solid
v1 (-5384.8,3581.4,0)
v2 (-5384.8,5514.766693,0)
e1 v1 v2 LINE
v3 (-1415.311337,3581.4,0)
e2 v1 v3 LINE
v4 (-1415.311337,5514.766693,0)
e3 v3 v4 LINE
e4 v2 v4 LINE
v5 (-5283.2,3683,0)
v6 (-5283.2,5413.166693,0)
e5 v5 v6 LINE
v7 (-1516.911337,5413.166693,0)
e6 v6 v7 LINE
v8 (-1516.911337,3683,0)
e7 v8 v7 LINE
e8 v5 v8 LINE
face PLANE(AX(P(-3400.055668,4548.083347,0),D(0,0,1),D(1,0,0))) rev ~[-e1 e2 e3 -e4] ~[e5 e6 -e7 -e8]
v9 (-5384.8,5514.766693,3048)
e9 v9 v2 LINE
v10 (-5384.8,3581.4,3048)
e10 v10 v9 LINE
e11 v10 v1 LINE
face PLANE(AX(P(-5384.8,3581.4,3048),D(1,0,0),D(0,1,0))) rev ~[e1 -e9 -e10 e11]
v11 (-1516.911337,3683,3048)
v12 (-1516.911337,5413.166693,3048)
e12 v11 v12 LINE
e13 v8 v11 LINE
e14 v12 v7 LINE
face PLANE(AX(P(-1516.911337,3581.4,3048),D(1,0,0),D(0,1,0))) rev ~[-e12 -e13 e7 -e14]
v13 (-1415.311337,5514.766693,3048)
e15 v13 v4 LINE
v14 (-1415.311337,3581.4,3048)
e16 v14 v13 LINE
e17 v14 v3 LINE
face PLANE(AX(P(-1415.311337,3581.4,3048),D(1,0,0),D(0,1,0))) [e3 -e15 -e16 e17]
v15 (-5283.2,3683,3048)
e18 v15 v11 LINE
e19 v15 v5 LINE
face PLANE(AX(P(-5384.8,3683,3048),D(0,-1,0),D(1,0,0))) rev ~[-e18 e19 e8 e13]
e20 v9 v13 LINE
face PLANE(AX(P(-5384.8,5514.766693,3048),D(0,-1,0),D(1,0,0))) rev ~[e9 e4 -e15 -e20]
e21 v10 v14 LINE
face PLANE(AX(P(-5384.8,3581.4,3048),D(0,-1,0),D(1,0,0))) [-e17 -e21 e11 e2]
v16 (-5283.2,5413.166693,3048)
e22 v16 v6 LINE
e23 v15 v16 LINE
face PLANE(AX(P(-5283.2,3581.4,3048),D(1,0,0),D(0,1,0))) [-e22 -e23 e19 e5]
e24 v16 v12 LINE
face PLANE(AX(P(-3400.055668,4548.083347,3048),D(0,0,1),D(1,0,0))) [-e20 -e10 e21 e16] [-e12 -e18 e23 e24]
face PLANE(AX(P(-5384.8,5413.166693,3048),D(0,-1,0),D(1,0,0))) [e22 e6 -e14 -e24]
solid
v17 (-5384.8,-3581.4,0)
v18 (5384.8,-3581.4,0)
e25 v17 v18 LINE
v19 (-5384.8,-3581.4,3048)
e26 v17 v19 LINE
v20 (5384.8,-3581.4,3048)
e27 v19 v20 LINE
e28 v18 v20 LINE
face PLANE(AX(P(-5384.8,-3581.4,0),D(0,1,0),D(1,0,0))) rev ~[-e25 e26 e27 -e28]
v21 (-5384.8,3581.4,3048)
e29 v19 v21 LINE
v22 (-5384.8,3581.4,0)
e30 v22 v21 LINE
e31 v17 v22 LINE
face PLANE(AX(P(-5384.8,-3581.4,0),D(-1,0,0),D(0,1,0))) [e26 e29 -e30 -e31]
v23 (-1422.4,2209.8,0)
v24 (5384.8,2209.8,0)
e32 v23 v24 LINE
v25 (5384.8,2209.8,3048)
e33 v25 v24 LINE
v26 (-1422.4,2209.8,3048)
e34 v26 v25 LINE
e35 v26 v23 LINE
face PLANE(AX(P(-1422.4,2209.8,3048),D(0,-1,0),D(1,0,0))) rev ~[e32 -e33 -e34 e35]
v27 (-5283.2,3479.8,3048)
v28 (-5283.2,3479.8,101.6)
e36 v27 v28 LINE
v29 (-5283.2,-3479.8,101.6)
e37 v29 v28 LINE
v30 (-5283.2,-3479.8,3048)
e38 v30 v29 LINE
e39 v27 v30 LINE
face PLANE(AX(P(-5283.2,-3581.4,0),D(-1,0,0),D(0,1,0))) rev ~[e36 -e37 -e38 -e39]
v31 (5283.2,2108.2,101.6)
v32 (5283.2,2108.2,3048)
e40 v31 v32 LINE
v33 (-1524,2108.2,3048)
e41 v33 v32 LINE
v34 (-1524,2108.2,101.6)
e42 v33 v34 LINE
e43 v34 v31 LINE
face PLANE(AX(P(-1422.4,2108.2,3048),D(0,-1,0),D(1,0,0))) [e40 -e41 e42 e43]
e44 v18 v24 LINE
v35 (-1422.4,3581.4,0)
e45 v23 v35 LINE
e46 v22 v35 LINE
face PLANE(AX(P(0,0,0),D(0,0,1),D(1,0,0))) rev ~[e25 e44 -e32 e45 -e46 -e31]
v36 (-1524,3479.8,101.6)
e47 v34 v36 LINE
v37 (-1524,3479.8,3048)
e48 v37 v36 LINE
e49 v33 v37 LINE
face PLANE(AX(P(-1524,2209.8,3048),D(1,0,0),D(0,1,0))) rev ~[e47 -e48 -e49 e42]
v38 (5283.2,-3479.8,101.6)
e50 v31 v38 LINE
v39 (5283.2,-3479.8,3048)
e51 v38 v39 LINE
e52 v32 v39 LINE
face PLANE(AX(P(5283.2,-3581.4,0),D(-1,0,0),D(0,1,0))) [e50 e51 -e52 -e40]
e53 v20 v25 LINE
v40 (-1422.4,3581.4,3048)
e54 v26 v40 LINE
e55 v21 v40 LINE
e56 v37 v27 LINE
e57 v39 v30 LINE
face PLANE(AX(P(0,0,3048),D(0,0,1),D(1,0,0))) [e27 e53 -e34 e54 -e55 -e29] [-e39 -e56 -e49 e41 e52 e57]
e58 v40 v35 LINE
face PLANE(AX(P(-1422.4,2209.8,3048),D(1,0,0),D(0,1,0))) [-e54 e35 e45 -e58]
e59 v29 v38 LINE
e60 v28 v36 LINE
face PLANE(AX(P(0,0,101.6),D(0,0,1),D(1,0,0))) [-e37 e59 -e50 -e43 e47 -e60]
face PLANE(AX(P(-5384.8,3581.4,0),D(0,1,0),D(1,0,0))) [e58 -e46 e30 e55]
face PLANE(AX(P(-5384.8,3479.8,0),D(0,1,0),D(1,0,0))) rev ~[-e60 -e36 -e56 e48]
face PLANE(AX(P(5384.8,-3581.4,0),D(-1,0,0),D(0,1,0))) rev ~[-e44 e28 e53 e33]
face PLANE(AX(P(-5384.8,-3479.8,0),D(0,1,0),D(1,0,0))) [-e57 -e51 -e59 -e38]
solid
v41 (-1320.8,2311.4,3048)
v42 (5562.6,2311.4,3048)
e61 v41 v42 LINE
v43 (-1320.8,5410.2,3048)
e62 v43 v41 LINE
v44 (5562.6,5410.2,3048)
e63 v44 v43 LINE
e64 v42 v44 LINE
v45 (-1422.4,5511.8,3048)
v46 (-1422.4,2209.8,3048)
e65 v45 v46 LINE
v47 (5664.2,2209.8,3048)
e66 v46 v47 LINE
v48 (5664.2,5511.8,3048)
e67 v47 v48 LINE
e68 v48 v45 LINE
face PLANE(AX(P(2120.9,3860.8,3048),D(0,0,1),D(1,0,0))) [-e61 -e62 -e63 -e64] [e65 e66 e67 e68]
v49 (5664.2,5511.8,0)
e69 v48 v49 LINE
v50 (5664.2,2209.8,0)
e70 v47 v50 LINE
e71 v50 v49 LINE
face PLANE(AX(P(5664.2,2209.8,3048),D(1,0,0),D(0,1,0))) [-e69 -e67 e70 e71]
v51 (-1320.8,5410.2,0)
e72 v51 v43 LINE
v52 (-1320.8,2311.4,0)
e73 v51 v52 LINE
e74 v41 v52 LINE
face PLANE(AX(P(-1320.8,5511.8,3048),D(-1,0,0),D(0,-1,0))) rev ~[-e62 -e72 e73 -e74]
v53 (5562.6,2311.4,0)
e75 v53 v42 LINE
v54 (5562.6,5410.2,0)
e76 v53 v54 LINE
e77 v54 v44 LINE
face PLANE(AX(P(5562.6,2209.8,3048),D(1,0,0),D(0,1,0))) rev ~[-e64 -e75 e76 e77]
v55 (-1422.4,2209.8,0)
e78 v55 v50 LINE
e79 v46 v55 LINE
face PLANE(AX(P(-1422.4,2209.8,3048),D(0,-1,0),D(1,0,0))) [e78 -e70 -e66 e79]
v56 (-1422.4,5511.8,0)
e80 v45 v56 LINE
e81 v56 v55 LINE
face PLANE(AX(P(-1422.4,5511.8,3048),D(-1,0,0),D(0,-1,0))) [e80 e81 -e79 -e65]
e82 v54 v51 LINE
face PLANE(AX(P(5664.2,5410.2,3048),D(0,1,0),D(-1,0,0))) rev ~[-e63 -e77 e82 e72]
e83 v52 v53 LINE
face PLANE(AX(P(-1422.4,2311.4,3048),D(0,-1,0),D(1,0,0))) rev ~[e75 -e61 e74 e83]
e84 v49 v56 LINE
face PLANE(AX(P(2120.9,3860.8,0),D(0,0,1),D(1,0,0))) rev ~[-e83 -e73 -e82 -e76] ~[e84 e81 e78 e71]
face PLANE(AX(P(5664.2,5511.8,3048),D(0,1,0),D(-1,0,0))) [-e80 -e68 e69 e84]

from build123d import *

# Parameters (mm, degrees)
F0_W     = 10769.6
F0_H     = 7162.8
F1_DEPTH = 3048
F2_W     = 6807.2
F2_H     = 1371.6
F3_DEPTH = 3048.001
F4_T     = -101.6
F6_DEPTH = 3048
F7_T     = -101.6
F8_W     = 3969.4886634827
F8_H     = 1933.3666931152
F9_DEPTH = 3048
F10_T    = -101.6


with BuildPart() as f1:
    # F0 (on Top) → F1 (new body)
    with BuildSketch(Plane.XY):
        Rectangle(F0_W, F0_H)
    extrude(amount=F1_DEPTH)

    # F2 (on face) → F3 (cut, through all)
    with BuildSketch(Plane.XY.offset(3048)):
        with Locations((1981.2, 2895.6)):
            Rectangle(F2_W, F2_H)
    extrude(amount=-F3_DEPTH, mode=Mode.SUBTRACT)

    # F4
    f4_openings = [f1.faces().sort_by_distance(p)[0] for p in [
        (-272.816533, -398.731857, 3048),
    ]]
    offset(amount=F4_T, openings=f4_openings, kind=Kind.INTERSECTION)


with BuildPart() as f6:
    # F5 (on face) → F6 (new body)
    with BuildSketch(Plane.XY.offset(3048)):
        Polygon((-1422.4, 3581.4), (-1422.4, 2209.8), (5384.8, 2209.8), (5664.2, 2209.8), (5664.2, 5511.8), (-1422.4, 5511.8), align=None)
    extrude(amount=-F6_DEPTH)

    # F7
    f7_openings = [f6.faces().sort_by_distance(p)[0] for p in [
        (2120.9, 3860.8, 3048),
        (2120.9, 3860.8, 0),
    ]]
    offset(amount=F7_T, openings=f7_openings)


with BuildPart() as f9:
    # F8 (on face) → F9 (new body)
    with BuildSketch(Plane.XY.offset(3048)):
        with Locations((-3400.0556682587, 4548.0833465576)):
            Rectangle(F8_W, F8_H)
    extrude(amount=-F9_DEPTH)

    # F10
    f10_openings = [f9.faces().sort_by_distance(p)[0] for p in [
        (-3400.055668, 4548.083347, 0),
        (-3400.055668, 4548.083347, 3048),
    ]]
    offset(amount=F10_T, openings=f10_openings)


solid = Compound([f1.part, f6.part, f9.part])
